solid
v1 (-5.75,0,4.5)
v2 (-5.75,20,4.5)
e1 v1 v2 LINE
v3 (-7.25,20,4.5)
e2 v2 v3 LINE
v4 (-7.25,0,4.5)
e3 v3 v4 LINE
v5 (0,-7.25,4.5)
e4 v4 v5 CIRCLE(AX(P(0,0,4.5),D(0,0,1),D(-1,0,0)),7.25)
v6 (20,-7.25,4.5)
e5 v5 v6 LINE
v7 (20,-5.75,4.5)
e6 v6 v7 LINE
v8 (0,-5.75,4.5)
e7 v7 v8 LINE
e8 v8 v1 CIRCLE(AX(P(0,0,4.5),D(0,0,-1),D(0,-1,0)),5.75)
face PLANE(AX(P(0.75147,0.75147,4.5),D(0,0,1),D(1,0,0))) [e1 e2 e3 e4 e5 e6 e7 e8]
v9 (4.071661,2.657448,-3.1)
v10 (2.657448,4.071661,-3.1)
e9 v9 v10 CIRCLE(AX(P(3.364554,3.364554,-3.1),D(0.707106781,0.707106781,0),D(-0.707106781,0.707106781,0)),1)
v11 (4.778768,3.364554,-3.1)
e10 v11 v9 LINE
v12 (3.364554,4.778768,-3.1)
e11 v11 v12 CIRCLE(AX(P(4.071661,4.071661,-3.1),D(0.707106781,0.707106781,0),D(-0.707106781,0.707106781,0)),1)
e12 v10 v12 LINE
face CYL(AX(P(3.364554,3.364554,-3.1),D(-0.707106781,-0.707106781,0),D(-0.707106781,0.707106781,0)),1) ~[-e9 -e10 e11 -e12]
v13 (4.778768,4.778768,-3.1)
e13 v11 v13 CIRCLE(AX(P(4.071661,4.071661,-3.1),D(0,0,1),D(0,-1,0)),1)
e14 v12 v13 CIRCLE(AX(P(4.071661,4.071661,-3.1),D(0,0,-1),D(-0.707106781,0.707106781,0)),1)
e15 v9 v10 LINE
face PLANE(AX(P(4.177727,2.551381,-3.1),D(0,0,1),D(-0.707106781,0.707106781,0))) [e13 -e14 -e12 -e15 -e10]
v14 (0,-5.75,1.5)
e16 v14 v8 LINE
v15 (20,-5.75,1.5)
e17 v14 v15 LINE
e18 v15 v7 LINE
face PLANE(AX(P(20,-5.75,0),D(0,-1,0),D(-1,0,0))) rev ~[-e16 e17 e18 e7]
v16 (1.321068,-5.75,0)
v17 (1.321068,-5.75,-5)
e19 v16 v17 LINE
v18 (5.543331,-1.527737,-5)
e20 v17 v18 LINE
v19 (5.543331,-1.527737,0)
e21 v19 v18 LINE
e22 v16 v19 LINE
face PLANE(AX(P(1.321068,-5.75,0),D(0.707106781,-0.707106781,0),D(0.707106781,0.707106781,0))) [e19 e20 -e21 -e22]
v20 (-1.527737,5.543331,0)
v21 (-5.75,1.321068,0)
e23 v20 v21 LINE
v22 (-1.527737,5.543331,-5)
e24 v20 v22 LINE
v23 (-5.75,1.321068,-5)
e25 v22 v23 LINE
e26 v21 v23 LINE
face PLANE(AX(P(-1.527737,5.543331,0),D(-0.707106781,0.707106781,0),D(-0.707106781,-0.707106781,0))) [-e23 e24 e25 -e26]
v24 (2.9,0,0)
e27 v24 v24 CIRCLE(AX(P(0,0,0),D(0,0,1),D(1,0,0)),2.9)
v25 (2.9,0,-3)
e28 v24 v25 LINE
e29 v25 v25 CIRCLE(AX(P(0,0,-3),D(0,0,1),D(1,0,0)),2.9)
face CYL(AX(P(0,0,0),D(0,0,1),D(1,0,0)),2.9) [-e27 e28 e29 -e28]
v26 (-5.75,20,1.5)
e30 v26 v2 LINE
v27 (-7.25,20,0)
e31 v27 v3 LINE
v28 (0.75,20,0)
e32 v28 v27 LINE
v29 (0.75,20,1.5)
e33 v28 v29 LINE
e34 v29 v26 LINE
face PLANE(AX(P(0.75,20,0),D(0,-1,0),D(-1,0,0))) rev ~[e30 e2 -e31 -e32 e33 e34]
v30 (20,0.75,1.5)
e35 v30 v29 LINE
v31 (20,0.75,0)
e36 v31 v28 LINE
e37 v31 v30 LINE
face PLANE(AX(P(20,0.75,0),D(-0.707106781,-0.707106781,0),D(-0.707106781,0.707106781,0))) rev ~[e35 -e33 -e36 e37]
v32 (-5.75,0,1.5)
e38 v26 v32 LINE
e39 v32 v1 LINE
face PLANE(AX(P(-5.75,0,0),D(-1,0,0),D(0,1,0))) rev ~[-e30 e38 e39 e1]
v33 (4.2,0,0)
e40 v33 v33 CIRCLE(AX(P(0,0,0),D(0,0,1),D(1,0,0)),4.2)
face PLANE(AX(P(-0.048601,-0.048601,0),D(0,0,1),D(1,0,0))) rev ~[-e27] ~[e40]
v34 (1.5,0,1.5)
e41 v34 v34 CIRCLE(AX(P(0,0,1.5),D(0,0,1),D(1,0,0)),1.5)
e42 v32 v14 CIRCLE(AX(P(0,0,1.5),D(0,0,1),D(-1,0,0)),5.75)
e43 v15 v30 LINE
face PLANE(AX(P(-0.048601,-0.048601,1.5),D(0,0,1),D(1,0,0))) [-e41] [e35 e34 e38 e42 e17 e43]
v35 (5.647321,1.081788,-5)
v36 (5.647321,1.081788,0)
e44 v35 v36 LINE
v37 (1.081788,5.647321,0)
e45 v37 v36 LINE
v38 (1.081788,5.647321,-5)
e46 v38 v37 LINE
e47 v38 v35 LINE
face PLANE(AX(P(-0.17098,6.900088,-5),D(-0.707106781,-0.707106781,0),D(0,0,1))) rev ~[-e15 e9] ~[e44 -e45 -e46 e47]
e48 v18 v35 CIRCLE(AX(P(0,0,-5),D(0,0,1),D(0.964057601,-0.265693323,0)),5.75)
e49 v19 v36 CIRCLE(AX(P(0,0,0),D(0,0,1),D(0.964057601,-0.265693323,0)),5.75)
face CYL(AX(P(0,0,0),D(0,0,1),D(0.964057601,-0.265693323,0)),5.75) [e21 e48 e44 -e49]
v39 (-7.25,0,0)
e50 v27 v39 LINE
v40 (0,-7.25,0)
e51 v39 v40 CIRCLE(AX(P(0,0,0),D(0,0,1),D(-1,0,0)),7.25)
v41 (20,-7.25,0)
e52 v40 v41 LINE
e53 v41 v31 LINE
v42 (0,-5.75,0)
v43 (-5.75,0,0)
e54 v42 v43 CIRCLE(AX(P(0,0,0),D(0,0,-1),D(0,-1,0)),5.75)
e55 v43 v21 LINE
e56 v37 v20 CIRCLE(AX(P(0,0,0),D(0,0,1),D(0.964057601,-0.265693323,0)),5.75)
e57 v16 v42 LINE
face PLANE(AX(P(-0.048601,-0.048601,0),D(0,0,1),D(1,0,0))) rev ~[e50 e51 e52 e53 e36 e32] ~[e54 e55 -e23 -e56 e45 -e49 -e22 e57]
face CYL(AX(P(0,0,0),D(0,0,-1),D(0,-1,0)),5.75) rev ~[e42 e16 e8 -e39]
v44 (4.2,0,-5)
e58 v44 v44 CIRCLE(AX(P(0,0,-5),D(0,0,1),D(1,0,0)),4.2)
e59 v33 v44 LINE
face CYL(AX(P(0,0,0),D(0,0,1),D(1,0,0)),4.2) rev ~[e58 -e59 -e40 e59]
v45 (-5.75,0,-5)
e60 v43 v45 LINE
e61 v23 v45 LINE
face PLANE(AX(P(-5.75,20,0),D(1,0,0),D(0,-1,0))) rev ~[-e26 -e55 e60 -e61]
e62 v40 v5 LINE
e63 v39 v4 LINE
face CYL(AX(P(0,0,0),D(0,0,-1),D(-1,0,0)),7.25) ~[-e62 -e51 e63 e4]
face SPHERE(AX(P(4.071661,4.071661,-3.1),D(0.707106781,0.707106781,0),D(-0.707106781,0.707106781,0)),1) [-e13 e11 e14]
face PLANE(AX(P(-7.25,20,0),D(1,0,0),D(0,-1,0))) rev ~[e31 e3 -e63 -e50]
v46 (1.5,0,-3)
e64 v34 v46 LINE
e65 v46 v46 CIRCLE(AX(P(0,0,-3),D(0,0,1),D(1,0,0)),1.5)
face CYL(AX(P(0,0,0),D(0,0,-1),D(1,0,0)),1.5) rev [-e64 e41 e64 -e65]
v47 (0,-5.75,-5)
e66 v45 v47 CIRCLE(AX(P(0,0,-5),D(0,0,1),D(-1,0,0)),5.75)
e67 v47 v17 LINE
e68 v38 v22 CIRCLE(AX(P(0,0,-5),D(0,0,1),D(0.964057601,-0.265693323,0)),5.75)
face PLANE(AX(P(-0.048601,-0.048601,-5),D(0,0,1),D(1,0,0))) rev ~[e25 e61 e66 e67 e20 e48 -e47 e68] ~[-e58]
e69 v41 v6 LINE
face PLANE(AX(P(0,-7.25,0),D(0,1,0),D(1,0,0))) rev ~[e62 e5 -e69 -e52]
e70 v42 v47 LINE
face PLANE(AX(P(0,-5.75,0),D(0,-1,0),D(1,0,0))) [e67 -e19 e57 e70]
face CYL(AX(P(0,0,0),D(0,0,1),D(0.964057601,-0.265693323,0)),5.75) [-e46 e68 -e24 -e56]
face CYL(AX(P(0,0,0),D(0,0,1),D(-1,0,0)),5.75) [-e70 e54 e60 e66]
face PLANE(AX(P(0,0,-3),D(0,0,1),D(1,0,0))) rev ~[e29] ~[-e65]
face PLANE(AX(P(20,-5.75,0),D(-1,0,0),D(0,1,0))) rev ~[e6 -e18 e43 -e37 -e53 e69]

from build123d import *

# Parameters (mm, degrees)
F0_R      = 4.2
F0_R_2    = 2.9
F0_R_3    = 1.5
F1_DEPTH  = 1.5
F2_DEPTH  = 5
F3_DEPTH  = 3
F5_DEPTH  = 4.5
F7_W      = 1
F7_H      = 5
F8_DEPTH  = 10
F9_R      = 1
F10_DEPTH = 2
F11_R     = 1
F12_W     = 2.2280928679
F12_H     = 1.1955168769
F13_DEPTH = 3


with BuildPart() as f1:
    # F0 (on Top) → F1 (new body)
    with BuildSketch(Plane.XY):
        with BuildLine():
            Line((1.3210678119, -5.75), (5.5433312065, -1.5277366054))
            ThreePointArc((5.5433312065, -1.5277366054), (4.0658639918, 4.0658639918), (-1.5277366054, 5.5433312065))
            Line((-1.5277366054, 5.5433312065), (-5.75, 1.3210678119))
            Line((-5.75, 1.3210678119), (-5.75, 0))
            ThreePointArc((-5.75, 0), (-4.0658639918, -4.0658639918), (0, -5.75))
            Line((0, -5.75), (1.3210678119, -5.75))
        make_face()
        Circle(F0_R, mode=Mode.SUBTRACT)
        with BuildLine():
            ThreePointArc((-1.5277366054, 5.5433312065), (4.0658639918, 4.0658639918), (5.5433312065, -1.5277366054))
            Line((5.5433312065, -1.5277366054), (1.3210678119, -5.75))
            Line((1.3210678119, -5.75), (20, -5.75))
            Line((20, -5.75), (20, 0.75))
            Line((20, 0.75), (0.75, 20))
            Line((0.75, 20), (-5.75, 20))
            Line((-5.75, 20), (-5.75, 1.3210678119))
            Line((-5.75, 1.3210678119), (-1.5277366054, 5.5433312065))
        make_face()
        Circle(F0_R)
        Circle(F0_R_2, mode=Mode.SUBTRACT)
        Circle(F0_R_2)
        Circle(F0_R_3, mode=Mode.SUBTRACT)
    extrude(amount=F1_DEPTH)

    # F0 (on Top) → F2 (join)
    with BuildSketch(Plane.XY):
        with BuildLine():
            Line((1.3210678119, -5.75), (5.5433312065, -1.5277366054))
            ThreePointArc((5.5433312065, -1.5277366054), (4.0658639918, 4.0658639918), (-1.5277366054, 5.5433312065))
            Line((-1.5277366054, 5.5433312065), (-5.75, 1.3210678119))
            Line((-5.75, 1.3210678119), (-5.75, 0))
            ThreePointArc((-5.75, 0), (-4.0658639918, -4.0658639918), (0, -5.75))
            Line((0, -5.75), (1.3210678119, -5.75))
        make_face()
        Circle(F0_R, mode=Mode.SUBTRACT)
    extrude(amount=-F2_DEPTH)

    # F0 (on Top) → F3 (join)
    with BuildSketch(Plane.XY):
        Circle(F0_R_2)
        Circle(F0_R_3, mode=Mode.SUBTRACT)
    extrude(amount=-F3_DEPTH)

    # F4 (on Top) → F5 (join)
    with BuildSketch(Plane.XY):
        with BuildLine():
            ThreePointArc((0, -5.75), (-4.0658639918, -4.0658639918), (-5.75, 0))
            Line((-5.75, 0), (-5.75, 20))
            Line((-5.75, 20), (-7.25, 20))
            Line((-7.25, 20), (-7.25, 0))
            ThreePointArc((-7.25, 0), (-5.1265241636, -5.1265241636), (0, -7.25))
            Line((0, -7.25), (20, -7.25))
            Line((20, -7.25), (20, -5.75))
            Line((20, -5.75), (0, -5.75))
        make_face()
    extrude(amount=F5_DEPTH)

    # F7 (on offset) → F8 (cut)
    with BuildSketch(Plane(origin=(-3.5355339059, 3.5355339059, 0), x_dir=(-0.7071067812, -0.7071067812, 0), z_dir=(-0.7071067812, 0.7071067812, 0))):
        with Locations((-5.2581984438, -2.5)):
            Rectangle(F7_W, F7_H)
    extrude(amount=-F8_DEPTH, mode=Mode.SUBTRACT)

    # F9 (on face) → F10 (join)
    with BuildSketch(Plane(origin=(3.3645543858, 3.3645543858, 0), x_dir=(-0.7071067812, 0.7071067812, 0), z_dir=(0.7071067812, 0.7071067812, 0))):
        with Locations((0, -3.1)):
            Circle(F9_R)
    extrude(amount=F10_DEPTH)

    # F11
    f11_edges = [f1.edges().sort_by_distance(p)[0] for p in [
        (5.485875, 4.071661, -3.1),
    ]]
    fillet(f11_edges, radius=F11_R)

    # F12 (on face) → F13 (cut)
    with BuildSketch(Plane(origin=(3.3645543858, 3.3645543858, 0), x_dir=(-0.7071067812, 0.7071067812, 0), z_dir=(0.7071067812, 0.7071067812, 0))):
        with Locations((-0.035953708, -2.5022415616)):
            Rectangle(F12_W, F12_H)
    extrude(amount=F13_DEPTH, mode=Mode.SUBTRACT)


solid = f1.part
